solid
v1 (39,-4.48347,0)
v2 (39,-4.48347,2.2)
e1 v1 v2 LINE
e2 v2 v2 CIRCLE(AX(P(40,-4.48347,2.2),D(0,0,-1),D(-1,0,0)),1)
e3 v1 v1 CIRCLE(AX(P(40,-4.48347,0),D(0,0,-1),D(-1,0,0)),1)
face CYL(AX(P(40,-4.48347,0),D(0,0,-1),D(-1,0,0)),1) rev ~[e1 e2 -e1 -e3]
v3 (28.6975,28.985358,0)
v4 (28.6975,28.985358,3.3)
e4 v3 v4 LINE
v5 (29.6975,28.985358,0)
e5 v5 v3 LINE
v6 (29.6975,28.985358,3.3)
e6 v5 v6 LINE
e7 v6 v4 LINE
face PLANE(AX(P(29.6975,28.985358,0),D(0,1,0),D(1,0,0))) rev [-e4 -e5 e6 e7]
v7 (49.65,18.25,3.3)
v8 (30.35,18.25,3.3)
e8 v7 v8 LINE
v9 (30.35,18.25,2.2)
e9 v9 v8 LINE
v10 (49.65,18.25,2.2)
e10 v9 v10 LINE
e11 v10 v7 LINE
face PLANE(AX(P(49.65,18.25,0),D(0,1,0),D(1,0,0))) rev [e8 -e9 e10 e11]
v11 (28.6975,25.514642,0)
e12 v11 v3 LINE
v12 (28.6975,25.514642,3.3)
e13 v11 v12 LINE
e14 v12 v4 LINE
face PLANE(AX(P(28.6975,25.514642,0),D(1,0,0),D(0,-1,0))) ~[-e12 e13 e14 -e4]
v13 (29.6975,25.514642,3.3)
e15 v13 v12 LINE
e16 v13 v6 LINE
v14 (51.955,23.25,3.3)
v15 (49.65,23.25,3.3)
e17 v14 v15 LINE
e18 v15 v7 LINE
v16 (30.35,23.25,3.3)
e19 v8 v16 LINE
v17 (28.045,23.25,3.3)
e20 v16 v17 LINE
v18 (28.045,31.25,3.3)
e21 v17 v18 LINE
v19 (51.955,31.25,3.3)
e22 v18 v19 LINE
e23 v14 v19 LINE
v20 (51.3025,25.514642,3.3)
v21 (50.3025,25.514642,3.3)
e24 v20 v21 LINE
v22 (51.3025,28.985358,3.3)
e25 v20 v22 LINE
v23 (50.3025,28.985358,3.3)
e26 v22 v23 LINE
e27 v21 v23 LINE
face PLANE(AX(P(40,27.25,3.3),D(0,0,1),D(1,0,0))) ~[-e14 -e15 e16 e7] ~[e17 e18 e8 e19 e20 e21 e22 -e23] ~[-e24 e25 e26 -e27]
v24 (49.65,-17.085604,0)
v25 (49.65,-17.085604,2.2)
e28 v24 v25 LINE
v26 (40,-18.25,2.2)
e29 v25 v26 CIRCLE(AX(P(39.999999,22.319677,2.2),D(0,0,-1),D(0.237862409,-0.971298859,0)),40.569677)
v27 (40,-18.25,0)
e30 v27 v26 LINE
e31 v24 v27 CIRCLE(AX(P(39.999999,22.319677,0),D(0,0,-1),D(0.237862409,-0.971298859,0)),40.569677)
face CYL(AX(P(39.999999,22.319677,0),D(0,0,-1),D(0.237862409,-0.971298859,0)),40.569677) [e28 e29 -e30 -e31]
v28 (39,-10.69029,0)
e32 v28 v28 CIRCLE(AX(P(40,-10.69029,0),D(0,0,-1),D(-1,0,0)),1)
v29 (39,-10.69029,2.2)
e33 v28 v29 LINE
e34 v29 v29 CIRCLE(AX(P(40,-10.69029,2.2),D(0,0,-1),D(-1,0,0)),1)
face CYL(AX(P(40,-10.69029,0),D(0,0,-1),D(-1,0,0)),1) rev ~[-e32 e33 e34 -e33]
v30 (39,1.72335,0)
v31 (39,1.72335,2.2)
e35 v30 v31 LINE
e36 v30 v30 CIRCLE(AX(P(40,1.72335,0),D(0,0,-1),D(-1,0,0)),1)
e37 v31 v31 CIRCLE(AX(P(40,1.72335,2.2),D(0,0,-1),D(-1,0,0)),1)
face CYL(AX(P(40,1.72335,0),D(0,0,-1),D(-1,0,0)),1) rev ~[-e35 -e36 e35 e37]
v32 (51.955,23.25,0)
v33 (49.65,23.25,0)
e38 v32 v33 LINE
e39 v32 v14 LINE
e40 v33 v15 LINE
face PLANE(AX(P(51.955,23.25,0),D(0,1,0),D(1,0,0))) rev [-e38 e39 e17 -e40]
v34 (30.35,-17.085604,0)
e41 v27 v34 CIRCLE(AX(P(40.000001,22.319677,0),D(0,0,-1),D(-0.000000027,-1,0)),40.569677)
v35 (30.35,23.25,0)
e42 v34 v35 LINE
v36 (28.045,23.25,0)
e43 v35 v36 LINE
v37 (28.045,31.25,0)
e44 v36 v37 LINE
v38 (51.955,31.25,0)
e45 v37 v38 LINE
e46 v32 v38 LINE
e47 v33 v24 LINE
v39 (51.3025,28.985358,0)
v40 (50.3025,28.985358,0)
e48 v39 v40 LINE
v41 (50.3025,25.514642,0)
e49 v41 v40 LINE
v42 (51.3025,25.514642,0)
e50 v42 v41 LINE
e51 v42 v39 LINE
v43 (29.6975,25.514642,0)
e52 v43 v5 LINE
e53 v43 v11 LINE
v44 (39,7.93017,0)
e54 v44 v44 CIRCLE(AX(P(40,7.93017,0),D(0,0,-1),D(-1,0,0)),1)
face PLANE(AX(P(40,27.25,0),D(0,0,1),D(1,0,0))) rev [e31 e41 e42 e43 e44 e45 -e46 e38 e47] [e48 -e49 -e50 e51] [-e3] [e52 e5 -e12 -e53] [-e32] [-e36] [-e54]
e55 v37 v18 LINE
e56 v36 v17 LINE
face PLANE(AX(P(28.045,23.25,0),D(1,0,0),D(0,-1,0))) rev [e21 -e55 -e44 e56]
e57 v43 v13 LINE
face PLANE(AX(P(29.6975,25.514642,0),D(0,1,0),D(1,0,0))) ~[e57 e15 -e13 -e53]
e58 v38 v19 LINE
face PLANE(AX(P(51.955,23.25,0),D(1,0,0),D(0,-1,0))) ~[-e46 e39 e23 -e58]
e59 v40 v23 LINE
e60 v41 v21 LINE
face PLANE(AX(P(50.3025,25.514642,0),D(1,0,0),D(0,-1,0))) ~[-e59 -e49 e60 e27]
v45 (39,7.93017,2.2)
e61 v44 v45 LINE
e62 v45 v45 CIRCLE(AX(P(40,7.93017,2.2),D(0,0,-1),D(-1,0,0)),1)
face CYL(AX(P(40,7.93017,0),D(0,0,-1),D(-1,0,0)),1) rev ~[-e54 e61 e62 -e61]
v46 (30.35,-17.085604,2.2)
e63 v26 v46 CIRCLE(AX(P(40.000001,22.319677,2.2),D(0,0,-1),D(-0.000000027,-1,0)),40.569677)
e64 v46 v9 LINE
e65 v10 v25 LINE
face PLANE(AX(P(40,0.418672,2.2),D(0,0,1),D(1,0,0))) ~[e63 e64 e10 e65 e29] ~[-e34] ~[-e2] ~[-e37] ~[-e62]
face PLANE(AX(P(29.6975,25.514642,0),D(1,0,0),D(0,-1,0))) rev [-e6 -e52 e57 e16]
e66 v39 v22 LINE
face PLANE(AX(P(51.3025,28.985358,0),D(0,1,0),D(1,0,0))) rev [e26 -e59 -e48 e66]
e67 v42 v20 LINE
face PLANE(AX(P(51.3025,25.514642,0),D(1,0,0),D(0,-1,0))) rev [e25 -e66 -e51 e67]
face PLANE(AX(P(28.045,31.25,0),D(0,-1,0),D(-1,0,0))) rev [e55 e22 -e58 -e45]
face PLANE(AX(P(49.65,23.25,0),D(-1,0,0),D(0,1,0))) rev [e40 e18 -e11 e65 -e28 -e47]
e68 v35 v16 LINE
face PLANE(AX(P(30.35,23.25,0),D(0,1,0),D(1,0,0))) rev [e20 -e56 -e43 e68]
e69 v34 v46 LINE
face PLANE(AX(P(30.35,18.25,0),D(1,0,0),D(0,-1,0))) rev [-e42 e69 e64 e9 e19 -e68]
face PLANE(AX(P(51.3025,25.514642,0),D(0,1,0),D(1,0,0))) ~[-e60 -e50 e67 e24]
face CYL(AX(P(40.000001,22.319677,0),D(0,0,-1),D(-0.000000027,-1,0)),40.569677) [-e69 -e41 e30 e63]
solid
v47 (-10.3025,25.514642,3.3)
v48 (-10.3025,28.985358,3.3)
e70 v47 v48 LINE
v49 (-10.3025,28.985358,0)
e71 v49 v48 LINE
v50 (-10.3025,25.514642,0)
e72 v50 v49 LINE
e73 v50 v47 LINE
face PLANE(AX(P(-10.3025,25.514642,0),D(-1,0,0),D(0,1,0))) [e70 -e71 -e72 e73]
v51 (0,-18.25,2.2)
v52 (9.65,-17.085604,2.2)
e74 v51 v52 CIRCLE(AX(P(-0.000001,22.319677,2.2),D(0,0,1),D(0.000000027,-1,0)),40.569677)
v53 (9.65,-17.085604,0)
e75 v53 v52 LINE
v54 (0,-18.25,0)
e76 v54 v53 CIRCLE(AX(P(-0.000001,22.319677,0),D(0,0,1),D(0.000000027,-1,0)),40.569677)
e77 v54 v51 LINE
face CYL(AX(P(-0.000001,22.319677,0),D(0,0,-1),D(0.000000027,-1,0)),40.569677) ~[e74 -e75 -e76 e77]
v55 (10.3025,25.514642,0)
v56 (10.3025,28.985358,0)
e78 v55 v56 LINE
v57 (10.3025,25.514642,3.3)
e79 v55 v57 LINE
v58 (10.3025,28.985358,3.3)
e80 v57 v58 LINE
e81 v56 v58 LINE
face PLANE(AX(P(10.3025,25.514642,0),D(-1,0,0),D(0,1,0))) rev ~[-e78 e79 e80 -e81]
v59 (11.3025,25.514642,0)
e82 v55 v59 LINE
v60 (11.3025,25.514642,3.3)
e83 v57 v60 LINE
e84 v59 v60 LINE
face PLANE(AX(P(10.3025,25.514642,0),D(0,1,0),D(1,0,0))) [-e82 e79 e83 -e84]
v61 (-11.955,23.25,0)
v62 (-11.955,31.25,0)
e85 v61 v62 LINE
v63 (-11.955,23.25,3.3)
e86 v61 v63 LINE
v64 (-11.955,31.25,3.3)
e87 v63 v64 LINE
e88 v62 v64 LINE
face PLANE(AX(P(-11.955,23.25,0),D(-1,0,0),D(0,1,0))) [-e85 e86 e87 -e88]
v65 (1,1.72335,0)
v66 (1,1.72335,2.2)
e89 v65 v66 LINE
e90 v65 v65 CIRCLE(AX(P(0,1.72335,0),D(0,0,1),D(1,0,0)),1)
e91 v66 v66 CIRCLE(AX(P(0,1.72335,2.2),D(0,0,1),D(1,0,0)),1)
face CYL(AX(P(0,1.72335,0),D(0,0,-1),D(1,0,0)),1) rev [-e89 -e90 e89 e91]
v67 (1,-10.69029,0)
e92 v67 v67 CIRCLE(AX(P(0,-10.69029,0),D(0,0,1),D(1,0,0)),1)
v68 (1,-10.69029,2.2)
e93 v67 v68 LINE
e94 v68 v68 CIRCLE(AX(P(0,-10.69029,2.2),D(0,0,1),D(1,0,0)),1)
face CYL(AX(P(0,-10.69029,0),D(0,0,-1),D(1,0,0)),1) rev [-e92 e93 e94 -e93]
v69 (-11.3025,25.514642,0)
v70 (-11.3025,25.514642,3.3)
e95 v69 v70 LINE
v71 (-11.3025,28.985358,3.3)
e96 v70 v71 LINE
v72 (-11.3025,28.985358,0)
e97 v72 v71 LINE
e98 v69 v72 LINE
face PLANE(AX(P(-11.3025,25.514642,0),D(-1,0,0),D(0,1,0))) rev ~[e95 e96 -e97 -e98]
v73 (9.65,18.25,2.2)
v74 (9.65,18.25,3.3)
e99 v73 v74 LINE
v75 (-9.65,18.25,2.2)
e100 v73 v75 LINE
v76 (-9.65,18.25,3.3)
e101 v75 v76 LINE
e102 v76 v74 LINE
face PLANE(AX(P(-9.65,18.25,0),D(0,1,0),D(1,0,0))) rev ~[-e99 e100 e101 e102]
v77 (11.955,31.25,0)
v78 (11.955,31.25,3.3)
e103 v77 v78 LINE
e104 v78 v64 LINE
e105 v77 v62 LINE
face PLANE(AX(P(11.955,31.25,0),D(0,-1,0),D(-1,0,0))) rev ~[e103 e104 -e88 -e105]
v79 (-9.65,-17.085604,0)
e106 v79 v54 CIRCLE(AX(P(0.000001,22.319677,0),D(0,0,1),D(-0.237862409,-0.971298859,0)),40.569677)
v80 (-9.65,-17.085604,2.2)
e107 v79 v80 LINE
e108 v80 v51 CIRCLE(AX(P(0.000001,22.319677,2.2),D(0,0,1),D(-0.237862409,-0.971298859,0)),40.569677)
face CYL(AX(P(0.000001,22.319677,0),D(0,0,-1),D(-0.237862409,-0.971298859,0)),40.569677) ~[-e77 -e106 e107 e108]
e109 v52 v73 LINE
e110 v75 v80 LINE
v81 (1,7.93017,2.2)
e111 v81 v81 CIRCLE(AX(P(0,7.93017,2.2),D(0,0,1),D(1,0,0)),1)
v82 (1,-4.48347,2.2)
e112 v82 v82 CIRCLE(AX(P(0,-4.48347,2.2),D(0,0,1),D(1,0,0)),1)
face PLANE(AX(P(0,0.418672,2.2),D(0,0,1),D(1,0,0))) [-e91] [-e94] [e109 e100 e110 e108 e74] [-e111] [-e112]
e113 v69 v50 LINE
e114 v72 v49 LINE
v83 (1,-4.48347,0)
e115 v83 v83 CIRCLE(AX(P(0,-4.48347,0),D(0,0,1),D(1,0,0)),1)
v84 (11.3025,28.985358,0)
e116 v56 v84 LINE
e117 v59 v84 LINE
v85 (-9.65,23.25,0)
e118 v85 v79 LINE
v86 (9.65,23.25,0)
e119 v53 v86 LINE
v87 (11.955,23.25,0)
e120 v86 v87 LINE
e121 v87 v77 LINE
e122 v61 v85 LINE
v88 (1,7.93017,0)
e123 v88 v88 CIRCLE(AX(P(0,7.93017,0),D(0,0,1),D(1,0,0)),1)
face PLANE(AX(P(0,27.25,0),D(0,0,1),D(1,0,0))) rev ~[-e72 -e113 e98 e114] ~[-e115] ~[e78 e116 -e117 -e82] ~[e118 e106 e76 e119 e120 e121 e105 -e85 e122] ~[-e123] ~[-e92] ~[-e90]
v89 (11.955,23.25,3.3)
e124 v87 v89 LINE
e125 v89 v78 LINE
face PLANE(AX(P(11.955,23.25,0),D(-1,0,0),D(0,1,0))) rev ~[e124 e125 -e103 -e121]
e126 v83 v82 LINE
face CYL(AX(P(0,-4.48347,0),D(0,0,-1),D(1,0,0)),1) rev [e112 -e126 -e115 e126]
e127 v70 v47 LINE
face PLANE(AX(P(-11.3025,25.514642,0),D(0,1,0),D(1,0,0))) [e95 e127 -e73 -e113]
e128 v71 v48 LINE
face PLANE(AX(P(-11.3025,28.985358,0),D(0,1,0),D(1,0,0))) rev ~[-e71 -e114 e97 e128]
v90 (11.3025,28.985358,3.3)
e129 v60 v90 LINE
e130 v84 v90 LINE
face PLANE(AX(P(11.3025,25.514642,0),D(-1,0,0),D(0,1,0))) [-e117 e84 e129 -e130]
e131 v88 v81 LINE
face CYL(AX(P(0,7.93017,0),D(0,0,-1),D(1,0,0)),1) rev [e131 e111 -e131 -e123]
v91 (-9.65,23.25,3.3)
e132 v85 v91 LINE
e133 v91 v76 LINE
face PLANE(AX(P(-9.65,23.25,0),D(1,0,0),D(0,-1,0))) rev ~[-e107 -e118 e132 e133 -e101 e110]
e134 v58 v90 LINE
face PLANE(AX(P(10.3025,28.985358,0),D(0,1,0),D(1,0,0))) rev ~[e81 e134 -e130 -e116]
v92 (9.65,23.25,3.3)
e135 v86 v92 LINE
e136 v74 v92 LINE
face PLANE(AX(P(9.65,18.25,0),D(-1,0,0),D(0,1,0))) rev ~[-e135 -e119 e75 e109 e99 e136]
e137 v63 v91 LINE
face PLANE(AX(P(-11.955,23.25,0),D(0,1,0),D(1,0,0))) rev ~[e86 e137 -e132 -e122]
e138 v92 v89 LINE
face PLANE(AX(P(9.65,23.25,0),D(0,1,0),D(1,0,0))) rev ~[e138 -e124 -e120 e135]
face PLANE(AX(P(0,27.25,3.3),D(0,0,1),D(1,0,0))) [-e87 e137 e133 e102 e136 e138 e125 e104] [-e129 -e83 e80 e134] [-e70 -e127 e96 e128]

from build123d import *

# Parameters (mm, degrees)
F0_R     = 1
F1_DEPTH = 2.2
F0_W     = 17.25
F0_H     = 8
F0_W_2   = 1.025
F0_W_3   = 2.305
F0_W_4   = 1
F0_H_2   = 3.470716
F2_DEPTH = 3.3


with BuildPart() as f1:
    # F0 (on Top) → F1 (new body)
    with BuildSketch(Plane.XY):
        with BuildLine():
            ThreePointArc((-9.65, -17.085604), (-4.859998, -17.957849), (0, -18.25))
            ThreePointArc((0, -18.25), (4.859998, -17.957849), (9.65, -17.085604))
            Line((9.65, -17.085604), (9.65, 18.25))
            Line((9.65, 18.25), (-9.65, 18.25))
            Line((-9.65, 18.25), (-9.65, -17.085604))
        make_face()
        with Locations((0, -10.69029)):
            Circle(F0_R, mode=Mode.SUBTRACT)
        with Locations((0, -4.48347)):
            Circle(F0_R, mode=Mode.SUBTRACT)
        with Locations((0, 1.72335)):
            Circle(F0_R, mode=Mode.SUBTRACT)
        with Locations((0, 7.93017)):
            Circle(F0_R, mode=Mode.SUBTRACT)
    extrude(amount=F1_DEPTH)

    # F0 (on Top) → F2 (join)
    with BuildSketch(Plane.XY):
        with Locations((0, 27.25)):
            Rectangle(F0_W, F0_H)
        Polygon((-9.65, 23.25), (-9.65, 18.25), (9.65, 18.25), (9.65, 23.25), (8.625, 23.25), (-8.625, 23.25), align=None)
        with Locations((-9.1375, 27.25)):
            Rectangle(F0_W_2, F0_H)
        with Locations((-10.8025, 27.25)):
            Rectangle(F0_W_3, F0_H)
        with Locations((-10.8025, 27.25)):
            Rectangle(F0_W_4, F0_H_2, mode=Mode.SUBTRACT)
        with Locations((9.1375, 27.25)):
            Rectangle(F0_W_2, F0_H)
        with Locations((10.8025, 27.25)):
            Rectangle(F0_W_3, F0_H)
        with Locations((10.8025, 27.25)):
            Rectangle(F0_W_4, F0_H_2, mode=Mode.SUBTRACT)
    extrude(amount=F2_DEPTH)


with BuildPart() as f4_1:
    # F4: instance of F1
    add(f1.part.mirror(Plane.YZ.offset(20)))


solid = Compound([f1.part, f4_1.part])
